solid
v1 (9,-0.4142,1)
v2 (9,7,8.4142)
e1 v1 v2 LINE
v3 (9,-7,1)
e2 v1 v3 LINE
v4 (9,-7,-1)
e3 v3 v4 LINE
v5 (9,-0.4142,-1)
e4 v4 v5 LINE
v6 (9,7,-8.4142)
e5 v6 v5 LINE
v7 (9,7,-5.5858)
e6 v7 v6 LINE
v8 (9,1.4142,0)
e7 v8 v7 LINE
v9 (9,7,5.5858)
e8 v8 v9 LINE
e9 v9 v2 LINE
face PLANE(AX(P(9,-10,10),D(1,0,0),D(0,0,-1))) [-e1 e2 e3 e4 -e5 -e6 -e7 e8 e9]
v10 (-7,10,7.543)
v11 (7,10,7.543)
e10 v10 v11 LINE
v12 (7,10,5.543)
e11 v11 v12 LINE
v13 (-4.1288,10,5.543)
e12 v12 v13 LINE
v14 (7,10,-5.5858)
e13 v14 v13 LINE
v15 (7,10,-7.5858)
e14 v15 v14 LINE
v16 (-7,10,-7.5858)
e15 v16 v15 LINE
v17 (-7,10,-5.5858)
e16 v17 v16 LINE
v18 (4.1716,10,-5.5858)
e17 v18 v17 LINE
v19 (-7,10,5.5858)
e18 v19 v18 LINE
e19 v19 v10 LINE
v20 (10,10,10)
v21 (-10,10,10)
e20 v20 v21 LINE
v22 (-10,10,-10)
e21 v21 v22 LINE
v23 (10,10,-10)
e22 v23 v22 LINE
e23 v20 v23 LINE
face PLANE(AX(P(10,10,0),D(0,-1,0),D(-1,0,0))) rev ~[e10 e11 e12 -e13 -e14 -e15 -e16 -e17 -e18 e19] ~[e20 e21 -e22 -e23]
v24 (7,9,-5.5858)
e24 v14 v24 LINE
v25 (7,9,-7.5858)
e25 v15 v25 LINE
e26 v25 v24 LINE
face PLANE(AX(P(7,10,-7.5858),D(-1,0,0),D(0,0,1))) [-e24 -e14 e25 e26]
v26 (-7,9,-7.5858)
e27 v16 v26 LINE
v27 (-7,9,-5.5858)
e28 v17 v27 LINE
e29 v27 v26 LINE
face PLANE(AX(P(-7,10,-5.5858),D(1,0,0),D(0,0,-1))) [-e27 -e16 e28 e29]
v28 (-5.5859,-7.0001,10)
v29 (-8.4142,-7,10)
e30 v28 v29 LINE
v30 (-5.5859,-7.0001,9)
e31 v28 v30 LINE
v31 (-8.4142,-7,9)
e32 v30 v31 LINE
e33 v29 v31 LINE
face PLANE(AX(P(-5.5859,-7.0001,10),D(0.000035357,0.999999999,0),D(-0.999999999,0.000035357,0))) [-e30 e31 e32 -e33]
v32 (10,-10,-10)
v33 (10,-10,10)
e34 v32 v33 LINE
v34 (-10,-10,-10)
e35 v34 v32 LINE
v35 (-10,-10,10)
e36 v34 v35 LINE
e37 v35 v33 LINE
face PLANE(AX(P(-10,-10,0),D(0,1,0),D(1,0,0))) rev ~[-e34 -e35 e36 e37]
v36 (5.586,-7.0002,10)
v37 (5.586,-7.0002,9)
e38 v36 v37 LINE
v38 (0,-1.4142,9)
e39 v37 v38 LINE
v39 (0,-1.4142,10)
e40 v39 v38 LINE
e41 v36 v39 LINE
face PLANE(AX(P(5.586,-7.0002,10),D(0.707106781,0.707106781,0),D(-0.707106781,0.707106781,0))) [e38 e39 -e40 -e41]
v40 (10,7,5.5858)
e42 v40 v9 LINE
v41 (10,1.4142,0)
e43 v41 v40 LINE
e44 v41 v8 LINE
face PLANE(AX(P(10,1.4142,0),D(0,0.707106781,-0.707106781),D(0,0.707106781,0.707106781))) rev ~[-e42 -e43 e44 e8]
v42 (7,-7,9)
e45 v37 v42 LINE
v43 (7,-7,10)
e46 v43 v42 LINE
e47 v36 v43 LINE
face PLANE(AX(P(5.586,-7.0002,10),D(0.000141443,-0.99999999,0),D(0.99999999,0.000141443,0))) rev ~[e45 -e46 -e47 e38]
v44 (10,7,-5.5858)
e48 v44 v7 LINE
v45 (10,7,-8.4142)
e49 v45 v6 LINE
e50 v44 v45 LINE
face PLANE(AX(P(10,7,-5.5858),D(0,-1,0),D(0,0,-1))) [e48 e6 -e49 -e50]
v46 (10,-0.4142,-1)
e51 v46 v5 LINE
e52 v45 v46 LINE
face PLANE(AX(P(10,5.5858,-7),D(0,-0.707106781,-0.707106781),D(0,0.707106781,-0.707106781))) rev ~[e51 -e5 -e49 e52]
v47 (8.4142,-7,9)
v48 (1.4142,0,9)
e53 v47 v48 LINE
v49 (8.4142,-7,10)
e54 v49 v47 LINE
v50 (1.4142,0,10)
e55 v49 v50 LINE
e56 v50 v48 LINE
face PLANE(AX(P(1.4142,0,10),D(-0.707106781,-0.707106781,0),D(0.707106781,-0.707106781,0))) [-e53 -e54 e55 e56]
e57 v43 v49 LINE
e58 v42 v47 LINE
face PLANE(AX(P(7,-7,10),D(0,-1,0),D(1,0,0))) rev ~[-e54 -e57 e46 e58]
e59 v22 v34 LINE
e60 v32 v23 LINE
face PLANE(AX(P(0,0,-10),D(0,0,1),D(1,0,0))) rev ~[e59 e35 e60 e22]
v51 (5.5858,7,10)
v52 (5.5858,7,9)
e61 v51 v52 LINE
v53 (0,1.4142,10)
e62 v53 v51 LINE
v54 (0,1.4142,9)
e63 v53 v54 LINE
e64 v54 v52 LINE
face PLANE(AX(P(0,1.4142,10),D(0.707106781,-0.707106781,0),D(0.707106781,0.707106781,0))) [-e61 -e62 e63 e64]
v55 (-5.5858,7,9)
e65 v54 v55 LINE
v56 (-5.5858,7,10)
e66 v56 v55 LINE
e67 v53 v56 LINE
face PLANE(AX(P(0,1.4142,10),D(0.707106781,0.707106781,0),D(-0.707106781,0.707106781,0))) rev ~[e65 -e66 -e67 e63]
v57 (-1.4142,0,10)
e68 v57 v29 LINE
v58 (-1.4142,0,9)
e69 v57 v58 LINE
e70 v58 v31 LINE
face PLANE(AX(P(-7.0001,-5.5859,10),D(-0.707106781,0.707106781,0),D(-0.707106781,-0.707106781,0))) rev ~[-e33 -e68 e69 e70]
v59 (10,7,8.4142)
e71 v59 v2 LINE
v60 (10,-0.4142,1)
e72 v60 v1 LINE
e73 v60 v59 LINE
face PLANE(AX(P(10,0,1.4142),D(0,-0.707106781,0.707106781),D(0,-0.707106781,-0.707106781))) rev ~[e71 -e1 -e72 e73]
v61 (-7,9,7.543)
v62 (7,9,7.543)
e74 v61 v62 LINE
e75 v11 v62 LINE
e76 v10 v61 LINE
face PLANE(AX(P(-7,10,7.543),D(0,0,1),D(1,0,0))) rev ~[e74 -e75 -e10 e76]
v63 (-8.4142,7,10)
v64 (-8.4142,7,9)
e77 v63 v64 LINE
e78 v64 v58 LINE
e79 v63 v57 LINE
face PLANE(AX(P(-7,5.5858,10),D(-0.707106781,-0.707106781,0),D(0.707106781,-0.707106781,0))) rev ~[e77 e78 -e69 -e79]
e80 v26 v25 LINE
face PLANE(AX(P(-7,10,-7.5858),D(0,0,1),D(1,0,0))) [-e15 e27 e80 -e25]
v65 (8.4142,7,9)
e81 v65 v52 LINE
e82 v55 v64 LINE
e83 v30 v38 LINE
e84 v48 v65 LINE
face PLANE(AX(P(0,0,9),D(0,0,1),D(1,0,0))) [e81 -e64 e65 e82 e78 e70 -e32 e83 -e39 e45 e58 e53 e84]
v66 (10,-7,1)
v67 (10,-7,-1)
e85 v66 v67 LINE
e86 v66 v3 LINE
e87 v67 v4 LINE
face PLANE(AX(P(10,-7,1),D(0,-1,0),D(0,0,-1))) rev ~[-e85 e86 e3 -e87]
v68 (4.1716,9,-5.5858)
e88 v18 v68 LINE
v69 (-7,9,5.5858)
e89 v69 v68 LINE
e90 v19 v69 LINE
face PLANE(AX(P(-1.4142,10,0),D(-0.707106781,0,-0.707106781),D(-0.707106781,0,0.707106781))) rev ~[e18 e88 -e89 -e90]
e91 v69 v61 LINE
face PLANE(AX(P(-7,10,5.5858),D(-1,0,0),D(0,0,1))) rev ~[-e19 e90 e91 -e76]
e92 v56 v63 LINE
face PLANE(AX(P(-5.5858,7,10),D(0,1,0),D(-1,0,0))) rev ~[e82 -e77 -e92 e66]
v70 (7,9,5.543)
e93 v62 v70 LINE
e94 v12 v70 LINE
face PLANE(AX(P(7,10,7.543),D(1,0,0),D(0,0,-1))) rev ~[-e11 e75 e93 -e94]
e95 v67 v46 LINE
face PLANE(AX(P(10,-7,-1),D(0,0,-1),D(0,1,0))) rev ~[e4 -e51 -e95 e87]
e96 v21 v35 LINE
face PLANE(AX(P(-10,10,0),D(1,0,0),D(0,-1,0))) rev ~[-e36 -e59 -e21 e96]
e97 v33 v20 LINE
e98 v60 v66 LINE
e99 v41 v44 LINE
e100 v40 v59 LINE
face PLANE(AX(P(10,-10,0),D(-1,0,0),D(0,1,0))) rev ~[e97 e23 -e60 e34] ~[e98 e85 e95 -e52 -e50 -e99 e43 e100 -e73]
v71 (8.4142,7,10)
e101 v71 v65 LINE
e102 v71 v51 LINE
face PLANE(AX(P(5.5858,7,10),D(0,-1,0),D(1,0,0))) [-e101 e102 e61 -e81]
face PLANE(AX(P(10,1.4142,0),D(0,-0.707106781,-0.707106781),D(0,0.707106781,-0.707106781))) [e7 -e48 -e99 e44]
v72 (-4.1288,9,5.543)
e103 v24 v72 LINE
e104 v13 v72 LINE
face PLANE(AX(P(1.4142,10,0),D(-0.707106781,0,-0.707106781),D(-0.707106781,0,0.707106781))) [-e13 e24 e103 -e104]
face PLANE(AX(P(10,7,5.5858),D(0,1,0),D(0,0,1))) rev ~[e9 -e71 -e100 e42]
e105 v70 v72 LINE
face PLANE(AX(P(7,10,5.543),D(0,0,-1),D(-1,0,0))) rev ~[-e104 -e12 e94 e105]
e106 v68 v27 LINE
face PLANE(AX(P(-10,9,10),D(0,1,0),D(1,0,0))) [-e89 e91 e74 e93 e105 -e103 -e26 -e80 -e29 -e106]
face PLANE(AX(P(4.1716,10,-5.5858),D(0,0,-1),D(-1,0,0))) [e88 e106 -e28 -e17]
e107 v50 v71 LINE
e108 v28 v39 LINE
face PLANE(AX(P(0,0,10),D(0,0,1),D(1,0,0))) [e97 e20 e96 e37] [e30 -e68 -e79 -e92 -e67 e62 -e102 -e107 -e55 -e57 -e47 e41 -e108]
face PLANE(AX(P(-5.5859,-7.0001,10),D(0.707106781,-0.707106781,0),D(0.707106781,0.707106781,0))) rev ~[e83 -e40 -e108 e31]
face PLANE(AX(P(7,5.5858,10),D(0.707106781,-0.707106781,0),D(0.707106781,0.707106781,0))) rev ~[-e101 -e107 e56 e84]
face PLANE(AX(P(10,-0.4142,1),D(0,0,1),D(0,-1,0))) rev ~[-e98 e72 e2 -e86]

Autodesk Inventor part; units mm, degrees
ref_plane "YZ Plane" through (0, 0, 0) normal (1, 0, 0) x (0, 1, 0)
ref_plane "XZ Plane" through (0, 0, 0) normal (0, 1, 0) x (-1, 0, 0)
ref_plane "XY Plane" through (0, 0, 0) normal (0, 0, 1) x (1, 0, 0)
sketch "Esboço1" plane through (0, 0, 0) normal (0, 0, 1) x (1, 0, 0)
  line L0 (-10, -10) -> (10, -10)
  line L1 (10, -10) -> (10, 10)
  line L2 (10, 10) -> (-10, 10)
  line L3 (-10, 10) -> (-10, -10)
  line L4 (-10, -10) -> (10, 10) construction
  line L5 (10, -10) -> (-10, 10) construction
  point P0 (0, 0)
  dimension "d0" = 20
  dimension "d1" = 20
extrude "Extrusão1" add sketch "Esboço1" along normal mid plane 20
sketch "Esboço4" plane through (0, 0, 10) normal (0, 0, 1) x (1, 0, 0)
  line L0 (-7, -7) -> (7, -7) construction
  line L1 (7, -7) -> (7, 7) construction
  line L2 (7, 7) -> (-7, 7) construction
  line L3 (-7, 7) -> (-7, -7) construction
  line L4 (0, 1.4142) -> (-1.4142, 0)
  line L5 (-1.4142, 0) -> (0, -1.4142)
  line L6 (0, -1.4142) -> (1.4142, 0)
  line L7 (1.4142, 0) -> (0, 1.4142)
  line L8 (0, 1.4142) -> (0, -1.4142) construction
  line L9 (-1.4142, 0) -> (1.4142, 0) construction
  line L10 (0, -1.4142) -> (1.4142, 0)
  line L11 (1.4142, 0) -> (7.0002, -5.586)
  line L12 (5.586, -7.0002) -> (0, -1.4142)
  line L13 (0, -1.4142) -> (-1.4142, 0)
  line L14 (-1.4142, 0) -> (-7.0001, -5.5859)
  line L15 (-5.5859, -7.0001) -> (0, -1.4142)
  line L16 (-1.4142, 0) -> (0, 1.4142)
  line L17 (0, 1.4142) -> (-5.5858, 7)
  line L18 (-7, 5.5858) -> (-1.4142, 0)
  line L19 (1.4142, 0) -> (0, 1.4142)
  line L20 (0, 1.4142) -> (5.5858, 7)
  line L21 (7, 5.5858) -> (1.4142, 0)
  line L22 (-8.4142, 7) -> (-7, 5.5858)
  line L23 (7, 5.5858) -> (8.4142, 7)
  line L24 (8.4142, -7) -> (7, -5.5858)
  line L25 (-7, -5.5858) -> (-8.4142, -7)
  line L26 (-5.5858, -7) -> (-8.4142, -7)
  line L27 (5.5858, -7) -> (7, -7)
  line L28 (7, -7) -> (8.4142, -7)
  line L29 (-5.5858, 7) -> (-8.4142, 7)
  line L30 (5.5858, 7) -> (7, 7)
  line L31 (7, 7) -> (8.4142, 7)
  point P0 (0, 0)
  point P1 (0, 0)
  point P2 (-7, 7)
  point P3 (-7, -7)
  point P4 (6.2929, 7)
  point P5 (7.7071, -7)
  dimension "d62" = 2
  dimension "d63" = 2
  dimension "d64" = 14
  dimension "d65" = 14
  dimension "d68" = 2
  dimension "d69" = 2
  dimension "d70" = 2
  dimension "d71" = 2
extrude "Extrusão4" cut sketch "Esboço4" against normal blind 1
sketch "Esboço7" plane through (10, -10, 10) normal (1, 0, 0) x (0, 0, -1)
  line L0 (17, 3) -> (3, 3) construction
  line L1 (3, 3) -> (3, 17) construction
  line L2 (3, 17) -> (17, 17) construction
  line L3 (17, 17) -> (17, 3) construction
  line L4 (8.5858, 10) -> (10, 11.4142) construction
  line L5 (10, 11.4142) -> (11.4142, 10) construction
  line L6 (11.4142, 10) -> (11, 9.5858) construction
  line L7 (9, 9.5858) -> (8.5858, 10) construction
  line L8 (8.5858, 10) -> (11.4142, 10) construction
  line L9 (10, 11.4142) -> (10, 8.5858) construction
  line L10 (10, 11.4142) -> (4.4142, 17)
  line L11 (3, 15.5858) -> (8.5858, 10)
  line L12 (10, 11.4142) -> (15.5858, 17)
  line L13 (17, 15.5858) -> (11.4142, 10)
  line L14 (18.4142, 17) -> (17, 15.5858) construction
  line L15 (15.5858, 17) -> (18.4142, 17) construction
  line L16 (3, 15.5858) -> (1.5858, 17) construction
  line L17 (1.5858, 17) -> (4.4142, 17) construction
  line L18 (4.4142, 17) -> (1.5858, 17)
  line L19 (3, 15.5858) -> (1.5858, 17)
  line L20 (15.5858, 17) -> (18.4142, 17)
  line L21 (17, 15.5858) -> (18.4142, 17)
  line L22 (8.5858, 10) -> (9, 9.5858)
  line L23 (11.4142, 10) -> (11, 9.5858)
  line L24 (9, 3) -> (11, 3)
  line L25 (11, 3) -> (11, 9.5858)
  line L26 (9, 9.5858) -> (9, 3)
  line L27 (8.5858, 10) -> (10, 8.5858) construction
  line L28 (10, 8.5858) -> (11.4142, 10) construction
  point P0 (10, 10)
  point P1 (4.4142, 17)
  point P2 (8.7929, 9.7929)
extrude "Extrusão7" cut sketch "Esboço7" against normal blind 1
sketch "Esboço8" plane through (-10, 10, 10) normal (0, 1, 0) x (1, 0, 0)
  line L0 (17, 17.5858) -> (3, 17.5858) construction
  line L1 (10, 11.4142) -> (8.5858, 10) construction
  line L2 (8.5858, 10) -> (10, 8.5858) construction
  line L3 (10, 8.5858) -> (11.4142, 10) construction
  line L4 (11.4142, 10) -> (10, 11.4142) construction
  line L5 (10, 11.4142) -> (10, 8.5858) construction
  line L6 (8.5858, 10) -> (11.4142, 10) construction
  line L7 (11.4142, 10) -> (17, 15.5858)
  line L8 (14.1716, 15.5858) -> (10, 11.4142)
  line L9 (8.5858, 10) -> (3, 4.4142)
  line L10 (5.8712, 4.457) -> (10, 8.5858)
  line L11 (10, 11.4142) -> (8.5858, 10)
  line L12 (11.4142, 10) -> (10, 8.5858)
  line L13 (3, 4.4142) -> (3, 2.457)
  line L14 (17, 2.457) -> (17, 4.457)
  line L15 (17, 4.457) -> (5.8712, 4.457)
  line L16 (17, 17.5858) -> (17, 15.5858)
  line L17 (14.1716, 15.5858) -> (3, 15.5858)
  line L18 (3, 15.5858) -> (3, 17.5858)
  line L19 (3, 17.5858) -> (17, 17.5858)
  line L20 (3, 2.457) -> (17, 2.457)
  point P0 (10, 10)
extrude "Extrusão8" cut sketch "Esboço8" against normal blind 1
properties part number "Cubo-0001-002" material "Borracha"
